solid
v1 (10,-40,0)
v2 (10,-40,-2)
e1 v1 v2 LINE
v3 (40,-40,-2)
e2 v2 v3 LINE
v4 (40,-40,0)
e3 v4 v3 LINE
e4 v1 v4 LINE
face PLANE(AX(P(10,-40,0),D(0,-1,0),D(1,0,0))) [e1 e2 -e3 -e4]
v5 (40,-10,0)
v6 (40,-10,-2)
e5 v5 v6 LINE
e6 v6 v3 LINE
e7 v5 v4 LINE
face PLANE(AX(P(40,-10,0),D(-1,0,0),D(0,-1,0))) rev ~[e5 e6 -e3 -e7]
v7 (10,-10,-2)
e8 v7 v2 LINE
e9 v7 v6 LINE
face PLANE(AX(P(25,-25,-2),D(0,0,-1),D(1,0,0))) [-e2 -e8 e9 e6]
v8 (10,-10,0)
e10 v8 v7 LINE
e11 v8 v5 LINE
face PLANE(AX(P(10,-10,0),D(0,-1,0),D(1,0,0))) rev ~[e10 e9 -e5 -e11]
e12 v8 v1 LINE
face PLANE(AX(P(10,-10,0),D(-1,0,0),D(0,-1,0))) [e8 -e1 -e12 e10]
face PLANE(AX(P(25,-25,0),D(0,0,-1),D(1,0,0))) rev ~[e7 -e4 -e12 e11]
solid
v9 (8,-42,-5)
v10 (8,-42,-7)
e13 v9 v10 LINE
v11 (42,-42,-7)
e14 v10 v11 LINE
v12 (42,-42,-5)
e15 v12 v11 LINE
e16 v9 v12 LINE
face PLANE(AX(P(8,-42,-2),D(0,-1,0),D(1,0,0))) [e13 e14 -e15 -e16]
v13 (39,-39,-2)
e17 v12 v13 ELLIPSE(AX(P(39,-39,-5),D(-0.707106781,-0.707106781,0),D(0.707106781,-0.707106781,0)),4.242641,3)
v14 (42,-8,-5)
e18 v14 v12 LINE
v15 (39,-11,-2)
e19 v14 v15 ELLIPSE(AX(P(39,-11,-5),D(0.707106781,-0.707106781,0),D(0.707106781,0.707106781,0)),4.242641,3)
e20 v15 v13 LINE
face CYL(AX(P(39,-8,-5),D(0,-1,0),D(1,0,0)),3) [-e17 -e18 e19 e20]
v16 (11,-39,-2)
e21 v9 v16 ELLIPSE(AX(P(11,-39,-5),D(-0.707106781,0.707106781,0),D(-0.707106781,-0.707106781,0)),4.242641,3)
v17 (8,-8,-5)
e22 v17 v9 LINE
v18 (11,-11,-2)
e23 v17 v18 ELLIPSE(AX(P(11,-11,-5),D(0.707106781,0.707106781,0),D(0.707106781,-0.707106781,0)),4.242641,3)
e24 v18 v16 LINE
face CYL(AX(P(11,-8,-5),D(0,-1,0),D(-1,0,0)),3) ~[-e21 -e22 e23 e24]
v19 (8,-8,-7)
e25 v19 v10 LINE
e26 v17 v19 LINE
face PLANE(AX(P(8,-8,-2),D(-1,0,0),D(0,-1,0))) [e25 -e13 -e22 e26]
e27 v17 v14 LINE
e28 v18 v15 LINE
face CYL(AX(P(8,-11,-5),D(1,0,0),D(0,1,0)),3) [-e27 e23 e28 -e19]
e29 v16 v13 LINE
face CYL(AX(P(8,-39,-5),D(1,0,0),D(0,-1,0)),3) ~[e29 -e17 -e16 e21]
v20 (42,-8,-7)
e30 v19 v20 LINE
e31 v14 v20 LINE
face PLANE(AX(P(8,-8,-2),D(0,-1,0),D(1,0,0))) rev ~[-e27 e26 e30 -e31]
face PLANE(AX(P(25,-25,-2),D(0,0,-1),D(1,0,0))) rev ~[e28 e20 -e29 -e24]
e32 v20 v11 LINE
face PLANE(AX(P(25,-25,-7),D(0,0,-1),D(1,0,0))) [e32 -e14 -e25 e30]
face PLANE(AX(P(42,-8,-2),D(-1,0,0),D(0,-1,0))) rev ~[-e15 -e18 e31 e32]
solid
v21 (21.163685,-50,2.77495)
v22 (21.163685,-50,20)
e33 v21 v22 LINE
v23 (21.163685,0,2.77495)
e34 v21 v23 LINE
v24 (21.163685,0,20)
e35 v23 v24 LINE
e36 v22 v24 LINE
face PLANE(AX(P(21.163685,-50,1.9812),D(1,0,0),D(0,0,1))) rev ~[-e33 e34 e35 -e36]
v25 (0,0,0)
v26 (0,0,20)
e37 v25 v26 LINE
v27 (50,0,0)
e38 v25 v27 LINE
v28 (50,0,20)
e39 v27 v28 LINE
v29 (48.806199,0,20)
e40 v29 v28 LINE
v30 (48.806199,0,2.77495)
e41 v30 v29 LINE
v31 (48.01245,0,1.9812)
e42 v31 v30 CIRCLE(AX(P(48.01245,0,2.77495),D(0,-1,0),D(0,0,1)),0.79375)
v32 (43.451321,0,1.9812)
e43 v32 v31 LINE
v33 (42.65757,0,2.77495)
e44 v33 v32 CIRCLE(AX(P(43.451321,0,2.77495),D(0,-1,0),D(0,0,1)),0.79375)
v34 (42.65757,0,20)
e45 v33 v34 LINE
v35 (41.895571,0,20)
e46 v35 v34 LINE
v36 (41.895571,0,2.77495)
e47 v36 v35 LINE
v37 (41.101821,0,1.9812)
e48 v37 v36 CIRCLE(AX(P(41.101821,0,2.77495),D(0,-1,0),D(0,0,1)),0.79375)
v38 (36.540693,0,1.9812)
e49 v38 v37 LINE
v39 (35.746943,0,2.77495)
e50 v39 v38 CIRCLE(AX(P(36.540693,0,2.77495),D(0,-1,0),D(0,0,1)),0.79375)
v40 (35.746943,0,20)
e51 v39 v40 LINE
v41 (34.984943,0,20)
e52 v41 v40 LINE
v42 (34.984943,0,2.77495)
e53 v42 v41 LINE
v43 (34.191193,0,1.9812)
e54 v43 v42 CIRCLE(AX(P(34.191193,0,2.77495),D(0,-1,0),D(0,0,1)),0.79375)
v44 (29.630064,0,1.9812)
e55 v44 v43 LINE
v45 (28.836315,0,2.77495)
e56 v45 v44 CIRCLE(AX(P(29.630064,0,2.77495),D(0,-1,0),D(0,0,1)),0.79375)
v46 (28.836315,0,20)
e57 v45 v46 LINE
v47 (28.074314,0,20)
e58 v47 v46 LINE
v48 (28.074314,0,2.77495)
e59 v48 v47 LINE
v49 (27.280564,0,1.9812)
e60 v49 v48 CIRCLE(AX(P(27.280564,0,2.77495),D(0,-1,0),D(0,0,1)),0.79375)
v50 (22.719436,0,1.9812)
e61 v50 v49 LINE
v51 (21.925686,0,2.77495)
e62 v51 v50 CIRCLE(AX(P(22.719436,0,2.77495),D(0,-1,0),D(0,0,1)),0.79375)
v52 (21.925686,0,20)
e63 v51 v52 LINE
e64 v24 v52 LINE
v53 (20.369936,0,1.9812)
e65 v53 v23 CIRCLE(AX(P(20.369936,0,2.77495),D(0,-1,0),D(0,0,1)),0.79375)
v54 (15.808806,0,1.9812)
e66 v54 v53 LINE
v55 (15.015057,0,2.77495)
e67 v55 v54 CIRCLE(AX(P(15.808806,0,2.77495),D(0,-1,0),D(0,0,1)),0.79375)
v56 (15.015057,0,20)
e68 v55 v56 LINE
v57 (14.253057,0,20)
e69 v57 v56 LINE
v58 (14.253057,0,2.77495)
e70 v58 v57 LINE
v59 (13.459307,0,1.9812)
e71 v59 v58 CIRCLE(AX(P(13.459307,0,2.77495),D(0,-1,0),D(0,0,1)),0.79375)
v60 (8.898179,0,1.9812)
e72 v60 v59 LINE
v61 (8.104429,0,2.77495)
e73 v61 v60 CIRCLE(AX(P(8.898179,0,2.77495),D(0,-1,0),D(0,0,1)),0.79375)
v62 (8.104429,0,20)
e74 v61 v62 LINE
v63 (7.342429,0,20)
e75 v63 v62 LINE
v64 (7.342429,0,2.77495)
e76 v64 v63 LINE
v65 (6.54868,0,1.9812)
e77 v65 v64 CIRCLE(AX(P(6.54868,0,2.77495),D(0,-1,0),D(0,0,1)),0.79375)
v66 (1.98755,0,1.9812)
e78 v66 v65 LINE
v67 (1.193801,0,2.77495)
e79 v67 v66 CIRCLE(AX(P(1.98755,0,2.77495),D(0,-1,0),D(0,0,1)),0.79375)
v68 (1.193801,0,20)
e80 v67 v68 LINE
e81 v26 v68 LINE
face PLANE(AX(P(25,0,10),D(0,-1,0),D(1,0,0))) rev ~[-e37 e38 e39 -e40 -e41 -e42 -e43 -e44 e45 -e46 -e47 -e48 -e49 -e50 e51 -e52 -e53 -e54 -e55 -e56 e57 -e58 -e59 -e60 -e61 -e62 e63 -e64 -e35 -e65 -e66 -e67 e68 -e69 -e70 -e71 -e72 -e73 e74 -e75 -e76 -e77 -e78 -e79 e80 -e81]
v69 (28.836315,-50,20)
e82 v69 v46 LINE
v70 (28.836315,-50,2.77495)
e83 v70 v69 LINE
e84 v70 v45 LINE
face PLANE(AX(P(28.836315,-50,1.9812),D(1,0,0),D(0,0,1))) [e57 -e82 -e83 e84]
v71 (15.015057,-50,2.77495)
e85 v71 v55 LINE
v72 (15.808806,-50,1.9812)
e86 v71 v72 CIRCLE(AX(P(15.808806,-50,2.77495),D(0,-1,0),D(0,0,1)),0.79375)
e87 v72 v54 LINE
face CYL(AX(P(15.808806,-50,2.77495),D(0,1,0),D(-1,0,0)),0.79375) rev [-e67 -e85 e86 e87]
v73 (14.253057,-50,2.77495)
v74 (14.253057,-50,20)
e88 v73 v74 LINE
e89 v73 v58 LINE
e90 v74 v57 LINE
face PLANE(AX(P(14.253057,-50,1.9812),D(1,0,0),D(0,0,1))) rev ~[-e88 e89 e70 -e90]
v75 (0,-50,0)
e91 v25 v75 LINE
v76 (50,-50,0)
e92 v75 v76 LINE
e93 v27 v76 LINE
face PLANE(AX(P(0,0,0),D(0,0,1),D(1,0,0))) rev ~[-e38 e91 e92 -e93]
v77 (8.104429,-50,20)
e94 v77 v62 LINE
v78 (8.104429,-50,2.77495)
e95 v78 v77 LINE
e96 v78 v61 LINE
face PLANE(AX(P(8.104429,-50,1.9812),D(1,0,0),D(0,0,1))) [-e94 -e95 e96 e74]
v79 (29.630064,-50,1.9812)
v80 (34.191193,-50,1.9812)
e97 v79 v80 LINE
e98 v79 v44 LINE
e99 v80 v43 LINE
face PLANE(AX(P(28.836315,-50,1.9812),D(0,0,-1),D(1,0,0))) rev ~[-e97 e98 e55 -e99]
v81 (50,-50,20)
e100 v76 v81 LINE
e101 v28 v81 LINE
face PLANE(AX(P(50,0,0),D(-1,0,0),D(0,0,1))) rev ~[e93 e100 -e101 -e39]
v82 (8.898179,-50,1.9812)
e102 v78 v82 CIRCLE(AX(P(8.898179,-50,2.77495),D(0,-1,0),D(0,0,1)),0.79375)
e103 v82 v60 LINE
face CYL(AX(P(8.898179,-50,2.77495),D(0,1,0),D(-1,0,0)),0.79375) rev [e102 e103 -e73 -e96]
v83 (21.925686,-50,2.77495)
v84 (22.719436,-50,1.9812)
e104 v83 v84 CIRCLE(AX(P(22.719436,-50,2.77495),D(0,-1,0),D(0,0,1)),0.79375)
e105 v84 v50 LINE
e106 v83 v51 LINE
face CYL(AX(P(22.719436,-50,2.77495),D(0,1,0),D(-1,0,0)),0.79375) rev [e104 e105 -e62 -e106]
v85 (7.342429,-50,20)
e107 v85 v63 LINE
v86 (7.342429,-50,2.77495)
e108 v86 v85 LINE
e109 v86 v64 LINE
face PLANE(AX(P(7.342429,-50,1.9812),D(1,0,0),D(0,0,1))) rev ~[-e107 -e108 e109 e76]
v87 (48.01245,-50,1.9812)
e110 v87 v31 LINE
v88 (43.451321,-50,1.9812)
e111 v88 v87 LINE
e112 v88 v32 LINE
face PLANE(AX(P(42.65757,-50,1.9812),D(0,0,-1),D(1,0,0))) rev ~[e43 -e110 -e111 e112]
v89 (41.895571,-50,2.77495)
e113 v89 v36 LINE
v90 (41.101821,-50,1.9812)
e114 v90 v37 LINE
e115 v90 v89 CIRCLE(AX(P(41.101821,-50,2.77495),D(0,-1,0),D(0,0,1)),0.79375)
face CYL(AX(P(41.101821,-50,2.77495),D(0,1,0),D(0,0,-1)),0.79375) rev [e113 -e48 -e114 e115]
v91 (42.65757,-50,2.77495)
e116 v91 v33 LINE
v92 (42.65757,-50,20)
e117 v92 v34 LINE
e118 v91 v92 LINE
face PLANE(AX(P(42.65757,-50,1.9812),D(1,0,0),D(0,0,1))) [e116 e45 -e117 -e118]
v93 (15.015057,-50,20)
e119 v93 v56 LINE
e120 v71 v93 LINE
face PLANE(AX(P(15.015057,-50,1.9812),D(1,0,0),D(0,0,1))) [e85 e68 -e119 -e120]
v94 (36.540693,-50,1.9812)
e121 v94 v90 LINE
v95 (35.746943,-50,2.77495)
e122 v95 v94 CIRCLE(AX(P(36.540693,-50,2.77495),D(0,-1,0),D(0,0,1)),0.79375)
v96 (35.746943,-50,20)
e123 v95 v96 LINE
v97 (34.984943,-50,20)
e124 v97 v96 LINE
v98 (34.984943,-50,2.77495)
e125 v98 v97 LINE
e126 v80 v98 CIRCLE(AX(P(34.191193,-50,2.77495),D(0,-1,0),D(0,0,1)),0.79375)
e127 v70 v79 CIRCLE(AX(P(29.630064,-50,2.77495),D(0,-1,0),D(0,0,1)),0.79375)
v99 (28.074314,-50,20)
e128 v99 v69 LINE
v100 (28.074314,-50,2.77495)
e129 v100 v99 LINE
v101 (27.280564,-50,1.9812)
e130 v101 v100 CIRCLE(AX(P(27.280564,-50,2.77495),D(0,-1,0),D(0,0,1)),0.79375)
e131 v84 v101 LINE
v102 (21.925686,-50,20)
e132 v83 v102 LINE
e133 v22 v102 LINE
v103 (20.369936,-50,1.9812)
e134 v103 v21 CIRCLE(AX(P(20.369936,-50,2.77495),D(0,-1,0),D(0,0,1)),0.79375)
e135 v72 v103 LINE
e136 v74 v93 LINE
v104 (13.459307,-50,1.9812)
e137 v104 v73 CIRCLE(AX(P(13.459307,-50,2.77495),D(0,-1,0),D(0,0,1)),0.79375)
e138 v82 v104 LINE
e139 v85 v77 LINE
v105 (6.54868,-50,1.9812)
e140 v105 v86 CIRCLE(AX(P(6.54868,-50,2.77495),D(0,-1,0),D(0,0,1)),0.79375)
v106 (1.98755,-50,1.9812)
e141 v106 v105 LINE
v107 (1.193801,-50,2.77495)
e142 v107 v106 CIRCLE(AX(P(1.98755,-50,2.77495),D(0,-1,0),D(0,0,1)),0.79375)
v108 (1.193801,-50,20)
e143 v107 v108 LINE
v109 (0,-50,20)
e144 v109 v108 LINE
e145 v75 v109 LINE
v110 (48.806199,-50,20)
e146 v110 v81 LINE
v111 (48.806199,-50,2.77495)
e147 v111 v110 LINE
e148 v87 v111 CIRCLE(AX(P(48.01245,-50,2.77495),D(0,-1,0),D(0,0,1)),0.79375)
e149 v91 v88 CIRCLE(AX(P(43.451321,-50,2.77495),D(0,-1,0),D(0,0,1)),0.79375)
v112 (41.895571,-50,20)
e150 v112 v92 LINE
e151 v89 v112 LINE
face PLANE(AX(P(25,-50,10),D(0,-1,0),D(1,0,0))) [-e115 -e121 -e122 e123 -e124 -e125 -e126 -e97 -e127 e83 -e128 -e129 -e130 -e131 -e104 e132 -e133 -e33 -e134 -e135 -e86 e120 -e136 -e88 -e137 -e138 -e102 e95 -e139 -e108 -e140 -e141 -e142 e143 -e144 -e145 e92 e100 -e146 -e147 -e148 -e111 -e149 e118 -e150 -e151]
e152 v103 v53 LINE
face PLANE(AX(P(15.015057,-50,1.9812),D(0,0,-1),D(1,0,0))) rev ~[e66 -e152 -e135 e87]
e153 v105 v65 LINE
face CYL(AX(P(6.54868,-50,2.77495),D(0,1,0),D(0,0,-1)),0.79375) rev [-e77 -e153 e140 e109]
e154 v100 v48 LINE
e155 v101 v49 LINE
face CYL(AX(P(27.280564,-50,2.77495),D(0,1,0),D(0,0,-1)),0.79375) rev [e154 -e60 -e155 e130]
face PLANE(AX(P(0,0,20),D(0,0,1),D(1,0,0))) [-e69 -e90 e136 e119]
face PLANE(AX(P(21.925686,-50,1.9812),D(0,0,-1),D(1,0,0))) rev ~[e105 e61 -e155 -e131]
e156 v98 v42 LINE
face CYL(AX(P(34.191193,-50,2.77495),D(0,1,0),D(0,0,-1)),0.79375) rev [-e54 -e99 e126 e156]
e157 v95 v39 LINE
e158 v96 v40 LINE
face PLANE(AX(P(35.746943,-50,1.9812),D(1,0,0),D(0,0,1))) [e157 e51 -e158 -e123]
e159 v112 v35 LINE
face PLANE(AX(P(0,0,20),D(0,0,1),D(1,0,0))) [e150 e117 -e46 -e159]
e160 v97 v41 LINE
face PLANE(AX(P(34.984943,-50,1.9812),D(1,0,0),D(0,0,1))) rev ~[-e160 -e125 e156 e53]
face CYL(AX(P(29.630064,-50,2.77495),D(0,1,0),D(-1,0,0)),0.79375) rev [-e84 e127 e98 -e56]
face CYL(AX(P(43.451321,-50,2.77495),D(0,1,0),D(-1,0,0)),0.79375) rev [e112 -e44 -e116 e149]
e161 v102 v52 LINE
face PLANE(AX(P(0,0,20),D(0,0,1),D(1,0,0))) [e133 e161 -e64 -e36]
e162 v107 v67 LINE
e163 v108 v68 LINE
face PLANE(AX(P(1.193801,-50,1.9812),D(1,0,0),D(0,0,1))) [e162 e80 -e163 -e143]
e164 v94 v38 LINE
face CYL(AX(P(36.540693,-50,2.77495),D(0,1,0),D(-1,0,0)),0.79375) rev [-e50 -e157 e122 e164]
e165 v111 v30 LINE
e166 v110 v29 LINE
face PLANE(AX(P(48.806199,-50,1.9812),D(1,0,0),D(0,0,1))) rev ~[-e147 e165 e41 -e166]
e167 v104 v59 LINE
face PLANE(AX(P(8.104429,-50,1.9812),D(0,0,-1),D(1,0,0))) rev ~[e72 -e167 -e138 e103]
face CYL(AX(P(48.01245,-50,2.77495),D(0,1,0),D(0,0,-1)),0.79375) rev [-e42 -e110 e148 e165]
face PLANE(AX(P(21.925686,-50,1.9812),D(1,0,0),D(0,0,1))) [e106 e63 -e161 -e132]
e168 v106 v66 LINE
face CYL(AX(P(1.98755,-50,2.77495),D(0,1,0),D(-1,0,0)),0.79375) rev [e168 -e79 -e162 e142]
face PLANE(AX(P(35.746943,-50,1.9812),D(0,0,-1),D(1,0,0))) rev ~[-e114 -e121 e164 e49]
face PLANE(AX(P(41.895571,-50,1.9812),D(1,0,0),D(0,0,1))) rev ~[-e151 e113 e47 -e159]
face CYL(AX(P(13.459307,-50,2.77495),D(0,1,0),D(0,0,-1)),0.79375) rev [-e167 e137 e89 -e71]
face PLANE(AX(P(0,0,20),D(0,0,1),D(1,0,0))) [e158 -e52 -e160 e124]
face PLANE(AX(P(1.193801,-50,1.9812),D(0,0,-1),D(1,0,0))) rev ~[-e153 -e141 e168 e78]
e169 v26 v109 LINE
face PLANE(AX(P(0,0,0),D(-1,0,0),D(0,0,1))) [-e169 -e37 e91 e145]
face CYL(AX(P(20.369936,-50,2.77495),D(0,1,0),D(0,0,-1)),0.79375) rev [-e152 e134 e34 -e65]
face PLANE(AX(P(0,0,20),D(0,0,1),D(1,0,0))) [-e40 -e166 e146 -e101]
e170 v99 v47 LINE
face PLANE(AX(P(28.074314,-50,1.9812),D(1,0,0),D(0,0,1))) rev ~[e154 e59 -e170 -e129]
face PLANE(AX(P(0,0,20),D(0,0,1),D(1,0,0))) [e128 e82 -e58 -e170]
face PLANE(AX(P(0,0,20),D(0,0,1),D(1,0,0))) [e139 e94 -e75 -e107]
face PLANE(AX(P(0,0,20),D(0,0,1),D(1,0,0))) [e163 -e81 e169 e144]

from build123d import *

# Parameters (mm, degrees)
F0_W     = 50
F0_H     = 20
F1_DEPTH = 50
F2_W     = 6.148629
F2_H     = 18.0188
F2_W_2   = 6.148628
F3_DEPTH = 50.001
F4_R     = 0.79375
F5_W     = 30
F5_H     = 30
F6_DEPTH = 2
F7_W     = 34
F7_H     = 34
F8_DEPTH = 5
F9_R     = 3


with BuildPart() as f1:
    # F0 (on Front) → F1 (new body)
    with BuildSketch(Plane.XZ):
        with Locations((25, 10)):
            Rectangle(F0_W, F0_H)
    extrude(amount=F1_DEPTH)

    # F2 (on face) → F3 (cut, through all)
    with BuildSketch(Plane.XZ.offset(50)):
        with Locations((4.268115, 10.9906)):
            Rectangle(F2_W, F2_H)
        with Locations((11.178743, 10.9906)):
            Rectangle(F2_W_2, F2_H)
        with Locations((18.089371, 10.9906)):
            Rectangle(F2_W, F2_H)
        with Locations((25, 10.9906)):
            Rectangle(F2_W_2, F2_H)
        with Locations((31.910629, 10.9906)):
            Rectangle(F2_W, F2_H)
        with Locations((38.821257, 10.9906)):
            Rectangle(F2_W_2, F2_H)
        with Locations((45.731885, 10.9906)):
            Rectangle(F2_W, F2_H)
    extrude(amount=-F3_DEPTH, mode=Mode.SUBTRACT)

    # F4
    f4_edges = [f1.edges().sort_by_distance(p)[0] for p in [
        (1.1938, -25, 1.9812),
        (7.342429, -25, 1.9812),
        (8.104429, -25, 1.9812),
        (14.253057, -25, 1.9812),
        (15.015057, -25, 1.9812),
        (21.163686, -25, 1.9812),
        (21.925686, -25, 1.9812),
        (28.074314, -25, 1.9812),
        (28.836314, -25, 1.9812),
        (34.984943, -25, 1.9812),
        (35.746943, -25, 1.9812),
        (41.895571, -25, 1.9812),
        (42.657571, -25, 1.9812),
        (48.8062, -25, 1.9812),
    ]]
    fillet(f4_edges, radius=F4_R)


with BuildPart() as f6:
    # F5 (on face) → F6 (new body)
    with BuildSketch(Plane(origin=(0, 0, 0), x_dir=(1, 0, 0), z_dir=(0, 0, -1))):
        with Locations((25, 25)):
            Rectangle(F5_W, F5_H)
    extrude(amount=F6_DEPTH)


with BuildPart() as f8:
    # F7 (on face) → F8 (new body)
    with BuildSketch(Plane(origin=(0, 0, -2), x_dir=(1, 0, 0), z_dir=(0, 0, -1))):
        with Locations((25, 25)):
            Rectangle(F7_W, F7_H)
    extrude(amount=F8_DEPTH)

    # F9
    f9_edges = [f8.edges().sort_by_distance(p)[0] for p in [
        (8, -25, -2),
        (25, -42, -2),
        (25, -8, -2),
        (42, -25, -2),
    ]]
    fillet(f9_edges, radius=F9_R)


solid = Compound([f1.part, f6.part, f8.part])
